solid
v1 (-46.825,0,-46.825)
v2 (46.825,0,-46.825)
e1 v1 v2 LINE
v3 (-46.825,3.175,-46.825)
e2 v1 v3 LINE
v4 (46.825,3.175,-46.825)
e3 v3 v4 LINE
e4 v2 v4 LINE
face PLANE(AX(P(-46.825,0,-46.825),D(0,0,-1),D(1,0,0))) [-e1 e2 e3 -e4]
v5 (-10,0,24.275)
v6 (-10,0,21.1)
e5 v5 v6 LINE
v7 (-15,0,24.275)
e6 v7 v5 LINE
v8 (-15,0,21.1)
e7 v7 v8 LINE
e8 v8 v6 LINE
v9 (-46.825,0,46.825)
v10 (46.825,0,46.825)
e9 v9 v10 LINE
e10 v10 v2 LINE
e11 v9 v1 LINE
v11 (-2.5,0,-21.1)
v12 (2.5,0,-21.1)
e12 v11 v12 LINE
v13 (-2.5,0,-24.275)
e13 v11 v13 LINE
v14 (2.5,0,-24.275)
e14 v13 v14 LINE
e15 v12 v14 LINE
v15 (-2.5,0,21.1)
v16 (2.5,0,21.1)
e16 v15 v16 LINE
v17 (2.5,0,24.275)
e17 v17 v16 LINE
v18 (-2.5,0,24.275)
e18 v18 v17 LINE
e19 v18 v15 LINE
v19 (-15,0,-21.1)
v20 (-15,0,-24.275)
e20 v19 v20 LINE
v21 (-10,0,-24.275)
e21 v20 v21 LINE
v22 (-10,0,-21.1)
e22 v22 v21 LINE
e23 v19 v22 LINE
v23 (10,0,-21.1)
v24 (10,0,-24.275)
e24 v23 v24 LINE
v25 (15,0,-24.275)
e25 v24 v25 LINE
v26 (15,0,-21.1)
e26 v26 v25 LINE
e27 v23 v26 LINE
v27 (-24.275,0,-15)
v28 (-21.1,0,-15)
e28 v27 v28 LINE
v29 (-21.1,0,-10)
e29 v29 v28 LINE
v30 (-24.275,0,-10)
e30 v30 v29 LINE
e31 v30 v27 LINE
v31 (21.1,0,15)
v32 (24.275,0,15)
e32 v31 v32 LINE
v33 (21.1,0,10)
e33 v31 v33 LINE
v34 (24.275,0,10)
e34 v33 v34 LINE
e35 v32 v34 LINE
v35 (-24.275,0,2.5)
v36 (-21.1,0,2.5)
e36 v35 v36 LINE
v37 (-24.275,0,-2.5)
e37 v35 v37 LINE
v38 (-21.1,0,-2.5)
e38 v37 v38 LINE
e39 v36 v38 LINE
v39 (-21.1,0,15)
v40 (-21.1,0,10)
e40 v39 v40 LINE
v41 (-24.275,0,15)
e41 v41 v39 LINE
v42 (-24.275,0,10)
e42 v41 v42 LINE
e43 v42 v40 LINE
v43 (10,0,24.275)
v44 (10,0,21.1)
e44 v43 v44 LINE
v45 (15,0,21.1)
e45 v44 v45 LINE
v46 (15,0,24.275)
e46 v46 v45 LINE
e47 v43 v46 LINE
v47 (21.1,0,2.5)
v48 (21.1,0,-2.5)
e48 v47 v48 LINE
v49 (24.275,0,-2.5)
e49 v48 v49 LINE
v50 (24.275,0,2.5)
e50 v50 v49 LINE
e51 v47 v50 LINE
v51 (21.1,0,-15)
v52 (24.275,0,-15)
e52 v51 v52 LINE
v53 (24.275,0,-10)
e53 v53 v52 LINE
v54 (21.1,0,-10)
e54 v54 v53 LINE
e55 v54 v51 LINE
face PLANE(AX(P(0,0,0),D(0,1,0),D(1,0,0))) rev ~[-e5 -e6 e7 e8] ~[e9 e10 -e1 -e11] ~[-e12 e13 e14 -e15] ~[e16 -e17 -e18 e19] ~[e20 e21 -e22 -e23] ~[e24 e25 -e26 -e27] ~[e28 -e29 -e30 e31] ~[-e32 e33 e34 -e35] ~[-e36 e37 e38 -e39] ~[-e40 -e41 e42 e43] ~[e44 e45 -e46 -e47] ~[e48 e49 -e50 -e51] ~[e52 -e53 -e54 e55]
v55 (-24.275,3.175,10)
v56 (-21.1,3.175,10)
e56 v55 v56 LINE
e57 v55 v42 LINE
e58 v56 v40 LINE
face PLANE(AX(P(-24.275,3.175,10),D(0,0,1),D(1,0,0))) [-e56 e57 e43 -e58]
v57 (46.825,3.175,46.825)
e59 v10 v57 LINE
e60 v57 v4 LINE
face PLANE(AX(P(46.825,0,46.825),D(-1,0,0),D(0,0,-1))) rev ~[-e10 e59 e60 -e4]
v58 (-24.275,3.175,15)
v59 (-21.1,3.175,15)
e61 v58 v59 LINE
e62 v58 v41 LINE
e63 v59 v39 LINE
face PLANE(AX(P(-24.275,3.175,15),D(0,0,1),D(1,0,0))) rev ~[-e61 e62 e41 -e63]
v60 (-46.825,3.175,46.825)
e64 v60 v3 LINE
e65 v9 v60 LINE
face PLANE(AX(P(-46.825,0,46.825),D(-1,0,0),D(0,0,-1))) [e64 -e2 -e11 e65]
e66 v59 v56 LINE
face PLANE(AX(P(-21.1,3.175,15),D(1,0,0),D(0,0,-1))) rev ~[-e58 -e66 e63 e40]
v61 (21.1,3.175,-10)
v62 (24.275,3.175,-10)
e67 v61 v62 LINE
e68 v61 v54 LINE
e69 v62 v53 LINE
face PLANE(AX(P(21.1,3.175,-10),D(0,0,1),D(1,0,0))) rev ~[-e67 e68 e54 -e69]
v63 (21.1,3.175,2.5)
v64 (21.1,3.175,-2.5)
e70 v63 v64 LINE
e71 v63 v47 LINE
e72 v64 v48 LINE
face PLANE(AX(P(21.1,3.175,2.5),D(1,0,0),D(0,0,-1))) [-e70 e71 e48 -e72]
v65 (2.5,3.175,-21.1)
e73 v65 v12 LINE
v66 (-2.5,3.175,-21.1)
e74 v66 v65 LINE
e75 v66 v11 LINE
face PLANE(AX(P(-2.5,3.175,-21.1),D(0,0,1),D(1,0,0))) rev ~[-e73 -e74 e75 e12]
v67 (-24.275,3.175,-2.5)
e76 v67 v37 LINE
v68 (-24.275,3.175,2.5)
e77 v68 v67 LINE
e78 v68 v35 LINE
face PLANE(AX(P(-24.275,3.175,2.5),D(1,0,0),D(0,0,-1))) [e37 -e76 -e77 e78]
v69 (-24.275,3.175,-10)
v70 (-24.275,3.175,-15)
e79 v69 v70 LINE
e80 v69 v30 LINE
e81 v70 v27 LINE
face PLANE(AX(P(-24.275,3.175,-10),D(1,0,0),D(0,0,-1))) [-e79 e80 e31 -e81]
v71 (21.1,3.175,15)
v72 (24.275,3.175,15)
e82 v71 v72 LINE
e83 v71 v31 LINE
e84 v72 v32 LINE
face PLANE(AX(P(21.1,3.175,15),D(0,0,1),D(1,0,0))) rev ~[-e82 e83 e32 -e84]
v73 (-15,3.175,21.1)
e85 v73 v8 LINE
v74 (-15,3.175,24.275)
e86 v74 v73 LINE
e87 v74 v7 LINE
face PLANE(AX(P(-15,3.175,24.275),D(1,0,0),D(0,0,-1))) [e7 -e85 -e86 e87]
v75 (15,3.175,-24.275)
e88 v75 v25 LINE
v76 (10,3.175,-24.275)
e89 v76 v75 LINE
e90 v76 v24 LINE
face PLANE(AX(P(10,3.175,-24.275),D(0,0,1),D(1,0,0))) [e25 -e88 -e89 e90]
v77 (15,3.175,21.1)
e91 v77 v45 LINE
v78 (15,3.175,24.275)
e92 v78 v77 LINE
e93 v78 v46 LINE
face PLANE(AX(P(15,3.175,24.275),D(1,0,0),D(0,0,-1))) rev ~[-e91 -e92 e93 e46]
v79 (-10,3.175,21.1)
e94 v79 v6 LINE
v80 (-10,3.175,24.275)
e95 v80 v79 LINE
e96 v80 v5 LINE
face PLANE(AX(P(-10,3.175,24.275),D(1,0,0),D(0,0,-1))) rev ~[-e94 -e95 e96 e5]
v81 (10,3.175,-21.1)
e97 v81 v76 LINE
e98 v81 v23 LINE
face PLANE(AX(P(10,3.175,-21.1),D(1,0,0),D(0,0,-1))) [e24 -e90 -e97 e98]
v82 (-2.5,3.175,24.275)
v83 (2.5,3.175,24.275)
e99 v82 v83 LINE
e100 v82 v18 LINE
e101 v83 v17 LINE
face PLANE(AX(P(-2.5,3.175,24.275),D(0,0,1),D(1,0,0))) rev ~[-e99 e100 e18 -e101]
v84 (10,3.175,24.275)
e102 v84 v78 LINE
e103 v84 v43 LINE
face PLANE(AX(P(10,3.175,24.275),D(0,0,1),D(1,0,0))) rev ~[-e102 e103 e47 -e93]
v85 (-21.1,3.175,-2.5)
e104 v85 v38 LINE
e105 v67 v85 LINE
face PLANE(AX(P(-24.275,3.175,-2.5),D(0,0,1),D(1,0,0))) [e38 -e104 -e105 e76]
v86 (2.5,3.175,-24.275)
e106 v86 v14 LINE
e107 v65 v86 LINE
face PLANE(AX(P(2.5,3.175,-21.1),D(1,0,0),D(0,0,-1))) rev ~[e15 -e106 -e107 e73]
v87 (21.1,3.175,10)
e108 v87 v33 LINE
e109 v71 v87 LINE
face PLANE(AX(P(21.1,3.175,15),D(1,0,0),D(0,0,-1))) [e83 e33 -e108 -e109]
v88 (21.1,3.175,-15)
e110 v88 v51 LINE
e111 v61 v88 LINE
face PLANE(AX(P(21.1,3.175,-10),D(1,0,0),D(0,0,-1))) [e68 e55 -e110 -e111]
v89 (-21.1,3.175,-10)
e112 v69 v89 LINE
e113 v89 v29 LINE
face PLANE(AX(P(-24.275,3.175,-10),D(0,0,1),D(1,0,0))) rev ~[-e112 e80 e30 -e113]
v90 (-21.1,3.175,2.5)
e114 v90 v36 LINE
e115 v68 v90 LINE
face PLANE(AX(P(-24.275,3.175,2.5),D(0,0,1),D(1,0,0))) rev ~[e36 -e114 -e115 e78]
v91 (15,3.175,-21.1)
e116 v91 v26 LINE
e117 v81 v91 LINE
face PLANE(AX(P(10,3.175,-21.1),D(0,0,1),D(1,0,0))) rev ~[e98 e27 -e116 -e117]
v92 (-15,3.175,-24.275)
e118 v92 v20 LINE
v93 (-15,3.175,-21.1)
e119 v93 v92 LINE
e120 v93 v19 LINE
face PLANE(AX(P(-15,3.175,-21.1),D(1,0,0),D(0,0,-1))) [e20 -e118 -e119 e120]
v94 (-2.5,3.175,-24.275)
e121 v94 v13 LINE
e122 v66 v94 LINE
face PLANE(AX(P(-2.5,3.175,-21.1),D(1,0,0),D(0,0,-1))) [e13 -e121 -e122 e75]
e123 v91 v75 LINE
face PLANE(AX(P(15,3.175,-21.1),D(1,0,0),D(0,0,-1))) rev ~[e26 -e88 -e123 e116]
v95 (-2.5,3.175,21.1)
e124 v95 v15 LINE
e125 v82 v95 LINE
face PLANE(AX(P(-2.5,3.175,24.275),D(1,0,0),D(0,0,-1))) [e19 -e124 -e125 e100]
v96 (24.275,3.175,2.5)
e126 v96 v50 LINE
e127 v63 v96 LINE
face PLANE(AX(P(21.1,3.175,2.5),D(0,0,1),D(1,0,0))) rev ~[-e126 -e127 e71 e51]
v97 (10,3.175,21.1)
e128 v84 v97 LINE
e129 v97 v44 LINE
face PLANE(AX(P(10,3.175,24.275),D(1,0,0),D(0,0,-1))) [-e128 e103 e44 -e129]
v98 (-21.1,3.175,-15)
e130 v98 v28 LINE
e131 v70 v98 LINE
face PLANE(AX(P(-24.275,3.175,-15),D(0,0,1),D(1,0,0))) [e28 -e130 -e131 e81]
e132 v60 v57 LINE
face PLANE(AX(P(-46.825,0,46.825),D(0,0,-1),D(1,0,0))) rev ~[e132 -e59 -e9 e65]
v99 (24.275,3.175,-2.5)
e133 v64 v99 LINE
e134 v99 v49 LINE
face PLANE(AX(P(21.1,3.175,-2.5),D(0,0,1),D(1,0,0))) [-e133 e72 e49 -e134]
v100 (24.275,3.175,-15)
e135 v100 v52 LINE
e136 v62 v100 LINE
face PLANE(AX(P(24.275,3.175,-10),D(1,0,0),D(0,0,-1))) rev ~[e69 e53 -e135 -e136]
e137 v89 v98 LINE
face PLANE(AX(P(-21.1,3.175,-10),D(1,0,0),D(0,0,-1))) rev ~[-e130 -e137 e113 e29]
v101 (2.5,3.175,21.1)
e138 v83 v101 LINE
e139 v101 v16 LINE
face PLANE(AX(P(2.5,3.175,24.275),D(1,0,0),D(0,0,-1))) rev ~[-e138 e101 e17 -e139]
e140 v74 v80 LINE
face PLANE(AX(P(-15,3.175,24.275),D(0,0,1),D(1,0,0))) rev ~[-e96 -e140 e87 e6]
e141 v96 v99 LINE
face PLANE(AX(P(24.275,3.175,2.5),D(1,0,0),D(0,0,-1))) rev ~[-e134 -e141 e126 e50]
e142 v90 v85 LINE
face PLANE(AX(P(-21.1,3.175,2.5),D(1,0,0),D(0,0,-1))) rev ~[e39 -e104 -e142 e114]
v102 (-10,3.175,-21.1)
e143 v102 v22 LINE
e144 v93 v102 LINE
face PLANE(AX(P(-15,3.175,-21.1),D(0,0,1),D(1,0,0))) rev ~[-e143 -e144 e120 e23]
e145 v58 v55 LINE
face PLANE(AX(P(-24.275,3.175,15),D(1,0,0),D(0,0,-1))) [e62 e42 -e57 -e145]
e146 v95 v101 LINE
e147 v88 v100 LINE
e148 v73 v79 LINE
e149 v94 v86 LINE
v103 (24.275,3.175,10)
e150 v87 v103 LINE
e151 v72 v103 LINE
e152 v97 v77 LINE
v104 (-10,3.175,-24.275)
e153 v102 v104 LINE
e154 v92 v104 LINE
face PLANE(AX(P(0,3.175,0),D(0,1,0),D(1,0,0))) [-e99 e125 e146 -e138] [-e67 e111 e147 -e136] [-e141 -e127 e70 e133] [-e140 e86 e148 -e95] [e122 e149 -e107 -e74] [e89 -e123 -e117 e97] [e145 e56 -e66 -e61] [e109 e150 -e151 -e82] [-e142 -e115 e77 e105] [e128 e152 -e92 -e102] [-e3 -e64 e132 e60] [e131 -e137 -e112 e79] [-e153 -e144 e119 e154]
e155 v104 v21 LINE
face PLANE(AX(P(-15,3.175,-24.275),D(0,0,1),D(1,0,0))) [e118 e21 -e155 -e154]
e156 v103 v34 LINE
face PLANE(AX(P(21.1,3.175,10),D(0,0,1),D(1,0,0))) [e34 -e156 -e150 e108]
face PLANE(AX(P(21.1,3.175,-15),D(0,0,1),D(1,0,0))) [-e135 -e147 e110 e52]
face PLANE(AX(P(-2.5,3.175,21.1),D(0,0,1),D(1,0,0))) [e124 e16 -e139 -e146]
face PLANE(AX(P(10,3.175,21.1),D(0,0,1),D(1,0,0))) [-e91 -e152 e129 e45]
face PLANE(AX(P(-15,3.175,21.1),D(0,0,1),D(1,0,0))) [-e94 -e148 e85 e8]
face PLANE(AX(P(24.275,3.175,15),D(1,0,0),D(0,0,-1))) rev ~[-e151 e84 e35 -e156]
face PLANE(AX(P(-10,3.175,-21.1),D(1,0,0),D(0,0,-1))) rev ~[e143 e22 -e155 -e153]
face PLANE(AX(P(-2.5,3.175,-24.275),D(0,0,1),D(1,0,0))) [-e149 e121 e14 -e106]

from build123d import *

# Parameters (mm, degrees)
SKETCH1_W           = 93.65
SKETCH1_H           = 93.65
BOSS_EXTRUDE1_DEPTH = 3.175
SKETCH2_W           = 5
SKETCH2_H           = 3.175
SKETCH2_W_2         = 3.175
SKETCH2_H_2         = 5
CUT_EXTRUDE1_DEPTH  = 3.175


with BuildPart() as part:
    # Sketch1 → Boss-Extrude1 (new body)
    with BuildSketch(Plane(origin=(0, 0, 0), x_dir=(1, 0, 0), z_dir=(0, 1, 0))):
        Rectangle(SKETCH1_W, SKETCH1_H)
    extrude(amount=BOSS_EXTRUDE1_DEPTH)

    # Sketch2 → Cut-Extrude1 (cut)
    with BuildSketch(Plane(origin=(0, 3.175, 0), x_dir=(1, 0, 0), z_dir=(0, 1, 0))):
        with Locations((-12.5, -22.6875)):
            Rectangle(SKETCH2_W, SKETCH2_H)
        with Locations((0, -22.6875)):
            Rectangle(SKETCH2_W, SKETCH2_H)
        with Locations((12.5, -22.6875)):
            Rectangle(SKETCH2_W, SKETCH2_H)
        with Locations((22.6875, -12.5)):
            Rectangle(SKETCH2_W_2, SKETCH2_H_2)
        with Locations((22.6875, 0)):
            Rectangle(SKETCH2_W_2, SKETCH2_H_2)
        with Locations((22.6875, 12.5)):
            Rectangle(SKETCH2_W_2, SKETCH2_H_2)
        with Locations((12.5, 22.6875)):
            Rectangle(SKETCH2_W, SKETCH2_H)
        with Locations((0, 22.6875)):
            Rectangle(SKETCH2_W, SKETCH2_H)
        with Locations((-12.5, 22.6875)):
            Rectangle(SKETCH2_W, SKETCH2_H)
        with Locations((-22.6875, 12.5)):
            Rectangle(SKETCH2_W_2, SKETCH2_H_2)
        with Locations((-22.6875, 0)):
            Rectangle(SKETCH2_W_2, SKETCH2_H_2)
        with Locations((-22.6875, -12.5)):
            Rectangle(SKETCH2_W_2, SKETCH2_H_2)
    extrude(amount=-CUT_EXTRUDE1_DEPTH, mode=Mode.SUBTRACT)


solid = part.part
